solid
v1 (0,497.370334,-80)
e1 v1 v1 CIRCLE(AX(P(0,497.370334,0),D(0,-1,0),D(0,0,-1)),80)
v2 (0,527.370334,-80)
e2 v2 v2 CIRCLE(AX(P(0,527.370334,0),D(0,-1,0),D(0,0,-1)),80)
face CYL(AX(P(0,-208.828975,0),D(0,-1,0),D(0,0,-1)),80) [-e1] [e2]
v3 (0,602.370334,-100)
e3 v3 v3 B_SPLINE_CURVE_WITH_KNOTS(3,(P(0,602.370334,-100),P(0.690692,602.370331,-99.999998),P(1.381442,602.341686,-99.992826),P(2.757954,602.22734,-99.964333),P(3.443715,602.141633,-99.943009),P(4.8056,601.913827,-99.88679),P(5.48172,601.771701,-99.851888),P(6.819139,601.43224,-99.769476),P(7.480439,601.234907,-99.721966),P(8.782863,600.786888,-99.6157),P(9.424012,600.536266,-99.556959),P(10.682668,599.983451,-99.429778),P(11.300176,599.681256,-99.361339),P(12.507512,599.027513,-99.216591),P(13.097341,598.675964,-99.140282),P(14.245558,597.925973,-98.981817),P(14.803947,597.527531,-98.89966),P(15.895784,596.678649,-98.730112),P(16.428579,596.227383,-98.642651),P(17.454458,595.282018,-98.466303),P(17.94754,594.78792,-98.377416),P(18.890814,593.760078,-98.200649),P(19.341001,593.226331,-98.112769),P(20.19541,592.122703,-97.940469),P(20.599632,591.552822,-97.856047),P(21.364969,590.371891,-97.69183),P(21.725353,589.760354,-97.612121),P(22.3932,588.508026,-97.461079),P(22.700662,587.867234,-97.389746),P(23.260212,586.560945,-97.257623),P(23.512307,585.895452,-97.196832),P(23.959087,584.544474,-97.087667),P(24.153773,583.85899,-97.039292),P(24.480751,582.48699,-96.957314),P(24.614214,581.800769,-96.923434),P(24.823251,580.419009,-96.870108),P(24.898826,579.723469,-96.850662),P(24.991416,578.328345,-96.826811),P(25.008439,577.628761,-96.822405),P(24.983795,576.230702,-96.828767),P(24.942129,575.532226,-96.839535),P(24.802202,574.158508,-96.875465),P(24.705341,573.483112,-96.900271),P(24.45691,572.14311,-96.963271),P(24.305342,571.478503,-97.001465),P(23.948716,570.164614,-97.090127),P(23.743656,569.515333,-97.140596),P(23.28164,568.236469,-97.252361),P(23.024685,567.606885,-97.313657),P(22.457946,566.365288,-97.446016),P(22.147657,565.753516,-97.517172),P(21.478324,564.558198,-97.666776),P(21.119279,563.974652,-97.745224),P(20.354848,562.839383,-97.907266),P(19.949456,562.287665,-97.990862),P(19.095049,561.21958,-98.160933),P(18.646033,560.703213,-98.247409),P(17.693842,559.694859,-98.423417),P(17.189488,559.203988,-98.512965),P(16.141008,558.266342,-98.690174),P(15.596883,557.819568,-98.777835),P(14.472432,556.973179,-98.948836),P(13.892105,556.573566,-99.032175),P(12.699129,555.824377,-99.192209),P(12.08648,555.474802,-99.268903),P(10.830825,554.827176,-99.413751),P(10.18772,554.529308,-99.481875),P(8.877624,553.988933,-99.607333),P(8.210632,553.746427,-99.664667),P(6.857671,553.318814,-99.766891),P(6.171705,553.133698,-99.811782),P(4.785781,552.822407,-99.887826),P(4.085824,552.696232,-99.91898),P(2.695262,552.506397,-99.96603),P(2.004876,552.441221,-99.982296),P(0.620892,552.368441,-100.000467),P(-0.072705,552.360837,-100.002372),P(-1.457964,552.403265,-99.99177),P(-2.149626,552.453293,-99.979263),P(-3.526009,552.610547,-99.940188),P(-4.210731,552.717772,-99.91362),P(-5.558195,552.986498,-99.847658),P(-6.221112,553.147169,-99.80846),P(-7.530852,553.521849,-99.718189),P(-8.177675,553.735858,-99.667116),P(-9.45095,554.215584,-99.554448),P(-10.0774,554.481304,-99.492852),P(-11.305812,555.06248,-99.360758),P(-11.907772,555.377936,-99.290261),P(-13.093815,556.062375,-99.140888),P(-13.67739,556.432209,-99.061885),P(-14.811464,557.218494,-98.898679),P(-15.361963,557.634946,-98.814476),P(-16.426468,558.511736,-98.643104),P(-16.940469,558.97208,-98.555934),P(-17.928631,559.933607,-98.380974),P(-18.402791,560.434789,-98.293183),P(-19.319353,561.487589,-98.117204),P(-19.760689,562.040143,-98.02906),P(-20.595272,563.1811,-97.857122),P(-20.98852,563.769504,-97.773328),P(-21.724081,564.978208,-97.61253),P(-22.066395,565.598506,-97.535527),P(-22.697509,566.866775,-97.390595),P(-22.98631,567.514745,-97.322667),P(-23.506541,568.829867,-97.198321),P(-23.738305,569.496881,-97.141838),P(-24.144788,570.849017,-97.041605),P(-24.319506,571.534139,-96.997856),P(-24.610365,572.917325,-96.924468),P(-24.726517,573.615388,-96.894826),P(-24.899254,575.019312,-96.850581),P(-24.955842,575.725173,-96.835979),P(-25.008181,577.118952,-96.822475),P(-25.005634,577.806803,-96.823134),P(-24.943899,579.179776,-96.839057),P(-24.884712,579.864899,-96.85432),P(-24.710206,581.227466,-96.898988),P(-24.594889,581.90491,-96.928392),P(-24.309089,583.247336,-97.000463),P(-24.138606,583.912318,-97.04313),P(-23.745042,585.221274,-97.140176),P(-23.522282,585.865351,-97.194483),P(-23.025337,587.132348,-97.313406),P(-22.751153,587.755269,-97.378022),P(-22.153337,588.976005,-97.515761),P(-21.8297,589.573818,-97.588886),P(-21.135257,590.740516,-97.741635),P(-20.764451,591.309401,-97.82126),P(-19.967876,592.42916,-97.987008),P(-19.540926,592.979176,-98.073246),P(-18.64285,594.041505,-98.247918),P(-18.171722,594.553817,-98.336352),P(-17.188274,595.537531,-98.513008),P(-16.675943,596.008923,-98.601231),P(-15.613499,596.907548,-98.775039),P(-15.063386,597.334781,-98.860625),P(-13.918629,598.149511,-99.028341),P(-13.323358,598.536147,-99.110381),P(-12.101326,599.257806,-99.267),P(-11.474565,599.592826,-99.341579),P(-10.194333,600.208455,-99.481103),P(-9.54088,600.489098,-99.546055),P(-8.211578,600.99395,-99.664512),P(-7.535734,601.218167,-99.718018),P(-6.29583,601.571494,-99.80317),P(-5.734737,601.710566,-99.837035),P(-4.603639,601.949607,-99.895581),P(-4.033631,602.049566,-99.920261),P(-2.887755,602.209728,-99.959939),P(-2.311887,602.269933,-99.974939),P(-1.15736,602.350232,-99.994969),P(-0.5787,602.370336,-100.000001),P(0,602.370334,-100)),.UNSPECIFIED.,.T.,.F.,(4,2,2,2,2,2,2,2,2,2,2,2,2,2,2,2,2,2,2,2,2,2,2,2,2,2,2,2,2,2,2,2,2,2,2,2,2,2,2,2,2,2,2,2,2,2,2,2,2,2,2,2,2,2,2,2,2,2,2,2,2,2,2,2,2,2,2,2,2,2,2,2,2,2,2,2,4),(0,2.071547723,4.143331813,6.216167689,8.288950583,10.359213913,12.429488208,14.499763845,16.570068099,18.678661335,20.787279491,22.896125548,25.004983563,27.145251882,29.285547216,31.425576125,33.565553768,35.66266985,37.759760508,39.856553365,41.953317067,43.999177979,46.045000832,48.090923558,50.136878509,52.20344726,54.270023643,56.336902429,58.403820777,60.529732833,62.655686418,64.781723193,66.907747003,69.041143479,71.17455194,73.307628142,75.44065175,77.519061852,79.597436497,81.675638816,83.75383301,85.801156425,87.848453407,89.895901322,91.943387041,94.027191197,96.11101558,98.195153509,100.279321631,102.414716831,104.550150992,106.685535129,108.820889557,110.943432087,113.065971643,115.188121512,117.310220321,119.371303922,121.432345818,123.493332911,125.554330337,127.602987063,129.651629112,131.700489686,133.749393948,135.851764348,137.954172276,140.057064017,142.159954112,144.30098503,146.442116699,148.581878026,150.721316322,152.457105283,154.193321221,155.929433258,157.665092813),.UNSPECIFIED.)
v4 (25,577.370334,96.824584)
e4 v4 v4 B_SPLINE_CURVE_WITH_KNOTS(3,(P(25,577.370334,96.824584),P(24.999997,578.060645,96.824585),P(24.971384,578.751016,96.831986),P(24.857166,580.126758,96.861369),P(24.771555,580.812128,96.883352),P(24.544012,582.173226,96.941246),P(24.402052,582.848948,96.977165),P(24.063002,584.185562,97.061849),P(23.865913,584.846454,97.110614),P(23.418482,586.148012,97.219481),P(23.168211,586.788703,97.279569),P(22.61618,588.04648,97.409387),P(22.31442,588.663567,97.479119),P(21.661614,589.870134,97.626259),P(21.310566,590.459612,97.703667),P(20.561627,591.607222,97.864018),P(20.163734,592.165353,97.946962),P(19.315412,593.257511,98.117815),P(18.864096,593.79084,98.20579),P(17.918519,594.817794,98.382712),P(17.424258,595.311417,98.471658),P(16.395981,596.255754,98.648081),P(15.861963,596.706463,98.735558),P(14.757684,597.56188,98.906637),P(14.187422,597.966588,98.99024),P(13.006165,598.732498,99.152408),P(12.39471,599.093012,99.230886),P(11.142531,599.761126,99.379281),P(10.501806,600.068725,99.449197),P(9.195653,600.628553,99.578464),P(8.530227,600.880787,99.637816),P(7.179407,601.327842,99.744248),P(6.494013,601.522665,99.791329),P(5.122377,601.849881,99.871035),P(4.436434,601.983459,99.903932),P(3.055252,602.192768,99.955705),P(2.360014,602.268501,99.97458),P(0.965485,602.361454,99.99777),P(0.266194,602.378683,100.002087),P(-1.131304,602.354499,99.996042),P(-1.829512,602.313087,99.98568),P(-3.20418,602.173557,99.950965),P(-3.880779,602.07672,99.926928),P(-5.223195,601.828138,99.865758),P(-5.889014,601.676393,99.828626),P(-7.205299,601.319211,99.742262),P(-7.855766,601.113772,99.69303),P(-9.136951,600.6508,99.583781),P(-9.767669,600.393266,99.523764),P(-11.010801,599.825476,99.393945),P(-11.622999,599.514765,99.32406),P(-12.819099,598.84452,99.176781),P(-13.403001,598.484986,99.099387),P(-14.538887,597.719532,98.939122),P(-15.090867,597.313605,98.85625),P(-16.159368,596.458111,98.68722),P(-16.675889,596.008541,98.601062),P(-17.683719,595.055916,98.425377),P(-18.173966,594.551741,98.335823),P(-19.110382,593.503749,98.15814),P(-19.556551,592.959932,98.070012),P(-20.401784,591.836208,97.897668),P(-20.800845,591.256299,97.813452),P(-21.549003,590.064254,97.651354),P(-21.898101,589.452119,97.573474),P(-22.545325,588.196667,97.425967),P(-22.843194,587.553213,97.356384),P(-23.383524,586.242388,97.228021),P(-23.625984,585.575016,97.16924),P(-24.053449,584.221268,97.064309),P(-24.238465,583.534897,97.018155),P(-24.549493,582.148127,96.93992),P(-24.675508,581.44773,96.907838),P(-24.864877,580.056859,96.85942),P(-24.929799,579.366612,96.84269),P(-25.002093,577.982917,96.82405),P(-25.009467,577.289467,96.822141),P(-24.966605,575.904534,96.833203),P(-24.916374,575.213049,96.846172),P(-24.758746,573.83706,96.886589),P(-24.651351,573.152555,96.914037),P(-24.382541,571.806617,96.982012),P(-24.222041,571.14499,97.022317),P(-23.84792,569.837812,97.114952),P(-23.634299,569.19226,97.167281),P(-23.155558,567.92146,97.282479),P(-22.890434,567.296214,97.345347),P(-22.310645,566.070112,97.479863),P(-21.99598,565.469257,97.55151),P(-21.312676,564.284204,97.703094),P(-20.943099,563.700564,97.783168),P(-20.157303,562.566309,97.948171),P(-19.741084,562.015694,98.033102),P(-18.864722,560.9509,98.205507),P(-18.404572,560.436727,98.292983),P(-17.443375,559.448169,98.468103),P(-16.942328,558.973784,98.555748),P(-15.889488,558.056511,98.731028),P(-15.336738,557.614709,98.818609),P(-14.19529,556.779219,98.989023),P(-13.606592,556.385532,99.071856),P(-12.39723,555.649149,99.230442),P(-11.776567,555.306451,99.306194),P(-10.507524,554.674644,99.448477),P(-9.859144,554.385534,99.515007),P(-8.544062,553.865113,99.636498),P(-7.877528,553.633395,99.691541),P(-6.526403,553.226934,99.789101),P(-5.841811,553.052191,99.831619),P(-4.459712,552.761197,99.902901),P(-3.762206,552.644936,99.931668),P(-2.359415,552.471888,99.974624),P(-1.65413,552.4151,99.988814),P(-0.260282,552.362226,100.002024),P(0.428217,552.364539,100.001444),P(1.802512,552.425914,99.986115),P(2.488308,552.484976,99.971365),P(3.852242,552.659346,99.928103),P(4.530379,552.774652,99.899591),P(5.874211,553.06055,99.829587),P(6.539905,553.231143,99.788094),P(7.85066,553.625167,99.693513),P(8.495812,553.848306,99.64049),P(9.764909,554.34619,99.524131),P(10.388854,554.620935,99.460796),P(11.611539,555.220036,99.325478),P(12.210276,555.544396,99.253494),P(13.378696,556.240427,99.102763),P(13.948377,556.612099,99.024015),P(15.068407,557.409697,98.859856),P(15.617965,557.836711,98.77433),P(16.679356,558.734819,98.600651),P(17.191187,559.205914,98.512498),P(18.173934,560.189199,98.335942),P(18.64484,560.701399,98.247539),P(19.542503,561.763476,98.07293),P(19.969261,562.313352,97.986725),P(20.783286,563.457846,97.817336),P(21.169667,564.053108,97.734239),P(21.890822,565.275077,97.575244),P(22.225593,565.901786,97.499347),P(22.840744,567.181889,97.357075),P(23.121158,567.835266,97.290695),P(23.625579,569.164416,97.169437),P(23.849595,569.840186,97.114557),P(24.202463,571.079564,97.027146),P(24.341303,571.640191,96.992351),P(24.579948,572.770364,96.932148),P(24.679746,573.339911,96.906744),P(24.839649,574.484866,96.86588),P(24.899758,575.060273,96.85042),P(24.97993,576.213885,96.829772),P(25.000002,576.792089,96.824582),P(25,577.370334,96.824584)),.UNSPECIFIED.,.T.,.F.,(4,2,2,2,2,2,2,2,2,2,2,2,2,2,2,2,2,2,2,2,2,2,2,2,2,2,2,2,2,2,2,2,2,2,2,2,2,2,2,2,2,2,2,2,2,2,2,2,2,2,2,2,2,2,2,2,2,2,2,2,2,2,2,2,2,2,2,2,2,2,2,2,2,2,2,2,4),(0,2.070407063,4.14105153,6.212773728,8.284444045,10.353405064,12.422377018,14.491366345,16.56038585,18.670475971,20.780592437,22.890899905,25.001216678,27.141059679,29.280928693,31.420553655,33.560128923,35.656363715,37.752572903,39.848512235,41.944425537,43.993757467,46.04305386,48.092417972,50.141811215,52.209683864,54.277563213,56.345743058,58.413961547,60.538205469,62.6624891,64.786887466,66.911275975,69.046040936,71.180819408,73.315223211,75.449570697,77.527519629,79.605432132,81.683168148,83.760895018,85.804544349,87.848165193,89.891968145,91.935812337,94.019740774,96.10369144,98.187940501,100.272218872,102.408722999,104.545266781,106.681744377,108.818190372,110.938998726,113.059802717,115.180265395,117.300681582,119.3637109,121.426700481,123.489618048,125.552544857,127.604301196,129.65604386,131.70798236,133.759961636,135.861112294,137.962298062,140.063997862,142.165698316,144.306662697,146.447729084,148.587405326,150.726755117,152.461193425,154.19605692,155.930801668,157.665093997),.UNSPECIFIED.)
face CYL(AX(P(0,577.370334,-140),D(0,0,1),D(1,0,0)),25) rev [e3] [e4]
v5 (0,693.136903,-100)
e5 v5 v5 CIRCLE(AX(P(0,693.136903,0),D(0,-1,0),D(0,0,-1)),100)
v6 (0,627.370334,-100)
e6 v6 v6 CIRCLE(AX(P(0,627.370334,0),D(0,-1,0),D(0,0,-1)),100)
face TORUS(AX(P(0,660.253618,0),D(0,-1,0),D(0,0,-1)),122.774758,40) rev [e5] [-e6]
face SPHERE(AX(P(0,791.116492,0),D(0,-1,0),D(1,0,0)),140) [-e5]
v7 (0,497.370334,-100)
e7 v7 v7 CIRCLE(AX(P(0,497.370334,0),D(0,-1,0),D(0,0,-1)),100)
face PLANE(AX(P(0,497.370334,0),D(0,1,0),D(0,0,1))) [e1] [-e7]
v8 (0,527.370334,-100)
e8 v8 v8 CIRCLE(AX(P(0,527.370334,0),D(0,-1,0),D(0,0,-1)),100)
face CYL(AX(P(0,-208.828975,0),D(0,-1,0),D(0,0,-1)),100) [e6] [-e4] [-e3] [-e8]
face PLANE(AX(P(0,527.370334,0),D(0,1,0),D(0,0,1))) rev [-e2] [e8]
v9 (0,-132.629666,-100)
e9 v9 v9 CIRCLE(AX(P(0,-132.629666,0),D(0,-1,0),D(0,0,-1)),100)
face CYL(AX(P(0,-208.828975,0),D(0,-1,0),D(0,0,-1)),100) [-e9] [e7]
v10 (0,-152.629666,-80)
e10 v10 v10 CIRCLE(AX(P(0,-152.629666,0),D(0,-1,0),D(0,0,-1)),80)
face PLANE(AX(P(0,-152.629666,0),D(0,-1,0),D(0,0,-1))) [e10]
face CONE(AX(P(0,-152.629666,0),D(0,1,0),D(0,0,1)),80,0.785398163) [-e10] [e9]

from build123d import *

# Parameters (mm, degrees)
ESQUISSE1_ONE_SIDE_W         = 80
ESQUISSE1_ONE_SIDE_H         = 30
ESQUISSE1_ONE_SIDE_W_2       = 100
ESQUISSE1_ONE_SIDE_H_2       = 630
ENL_V_MAT_EXTRU_2_DEPTH      = 952.933780363
ENL_V_MAT_EXTRU_2_DEPTH_BACK = 952.933780363
ESQUISSE2_R                  = 25


with BuildPart() as part:
    # Esquisse1 one side → Révolution1 (revolve)
    with BuildSketch(Plane.XY, mode=Mode.PRIVATE) as r_volution1_sk:
        with BuildLine():
            Line((0, 552.370333546), (0, 602.370333546))
            ThreePointArc((0, 602.370333546), (-25, 577.370333546), (0, 552.370333546))
        make_face()
        with BuildLine():
            Line((0, 693.136902569), (100, 693.136902569))
            ThreePointArc((100, 693.136902569), (129.068087767, 845.351432312), (0, 931.11649228))
            Line((0, 931.11649228), (0, 693.136902569))
        make_face()
        with BuildLine():
            ThreePointArc((100, 693.136902569), (82.774757951, 660.253618058), (100, 627.370333546))
            Line((100, 627.370333546), (0, 627.370333546))
            Line((0, 627.370333546), (0, 693.136902569))
            Line((0, 693.136902569), (100, 693.136902569))
        make_face()
        Polygon((0, 527.370333546), (0, 627.370333546), (100, 627.370333546), (100, 527.370333546), (80, 527.370333546), align=None)
        with Locations((40, 512.370333546)):
            Rectangle(ESQUISSE1_ONE_SIDE_W, ESQUISSE1_ONE_SIDE_H)
        with BuildLine():
            ThreePointArc((0, 602.370333546), (-25, 577.370333546), (0, 552.370333546))
            Line((0, 552.370333546), (0, 602.370333546))
        make_face()
        with BuildLine():
            Line((0, 602.370333546), (0, 552.370333546))
            ThreePointArc((0, 552.370333546), (17.67766953, 559.692664016), (25, 577.370333546))
            ThreePointArc((25, 577.370333546), (17.67766953, 595.048003076), (0, 602.370333546))
        make_face()
        with Locations((50, 182.370333546)):
            Rectangle(ESQUISSE1_ONE_SIDE_W_2, ESQUISSE1_ONE_SIDE_H_2)
        Polygon((100, -132.629666454), (0, -132.629666454), (0, -152.629666454), (80, -152.629666454), align=None)
    revolve(r_volution1_sk.sketch.rotate(Axis((0, -208.828974679, 0), (0, 1, 0)), 90), axis=Axis((0, -208.828974679, 0), (0, 1, 0)))

    # Esquisse2 → Enlèv. mat.-Extru.2 (cut, two sides: drawn at the far end of the back side and taken through both)
    with BuildSketch(Plane.XY.offset(-ENL_V_MAT_EXTRU_2_DEPTH_BACK)):
        with Locations((0, 577.370333546)):
            Circle(ESQUISSE2_R)
    extrude(amount=ENL_V_MAT_EXTRU_2_DEPTH + ENL_V_MAT_EXTRU_2_DEPTH_BACK, mode=Mode.SUBTRACT)


solid = part.part
